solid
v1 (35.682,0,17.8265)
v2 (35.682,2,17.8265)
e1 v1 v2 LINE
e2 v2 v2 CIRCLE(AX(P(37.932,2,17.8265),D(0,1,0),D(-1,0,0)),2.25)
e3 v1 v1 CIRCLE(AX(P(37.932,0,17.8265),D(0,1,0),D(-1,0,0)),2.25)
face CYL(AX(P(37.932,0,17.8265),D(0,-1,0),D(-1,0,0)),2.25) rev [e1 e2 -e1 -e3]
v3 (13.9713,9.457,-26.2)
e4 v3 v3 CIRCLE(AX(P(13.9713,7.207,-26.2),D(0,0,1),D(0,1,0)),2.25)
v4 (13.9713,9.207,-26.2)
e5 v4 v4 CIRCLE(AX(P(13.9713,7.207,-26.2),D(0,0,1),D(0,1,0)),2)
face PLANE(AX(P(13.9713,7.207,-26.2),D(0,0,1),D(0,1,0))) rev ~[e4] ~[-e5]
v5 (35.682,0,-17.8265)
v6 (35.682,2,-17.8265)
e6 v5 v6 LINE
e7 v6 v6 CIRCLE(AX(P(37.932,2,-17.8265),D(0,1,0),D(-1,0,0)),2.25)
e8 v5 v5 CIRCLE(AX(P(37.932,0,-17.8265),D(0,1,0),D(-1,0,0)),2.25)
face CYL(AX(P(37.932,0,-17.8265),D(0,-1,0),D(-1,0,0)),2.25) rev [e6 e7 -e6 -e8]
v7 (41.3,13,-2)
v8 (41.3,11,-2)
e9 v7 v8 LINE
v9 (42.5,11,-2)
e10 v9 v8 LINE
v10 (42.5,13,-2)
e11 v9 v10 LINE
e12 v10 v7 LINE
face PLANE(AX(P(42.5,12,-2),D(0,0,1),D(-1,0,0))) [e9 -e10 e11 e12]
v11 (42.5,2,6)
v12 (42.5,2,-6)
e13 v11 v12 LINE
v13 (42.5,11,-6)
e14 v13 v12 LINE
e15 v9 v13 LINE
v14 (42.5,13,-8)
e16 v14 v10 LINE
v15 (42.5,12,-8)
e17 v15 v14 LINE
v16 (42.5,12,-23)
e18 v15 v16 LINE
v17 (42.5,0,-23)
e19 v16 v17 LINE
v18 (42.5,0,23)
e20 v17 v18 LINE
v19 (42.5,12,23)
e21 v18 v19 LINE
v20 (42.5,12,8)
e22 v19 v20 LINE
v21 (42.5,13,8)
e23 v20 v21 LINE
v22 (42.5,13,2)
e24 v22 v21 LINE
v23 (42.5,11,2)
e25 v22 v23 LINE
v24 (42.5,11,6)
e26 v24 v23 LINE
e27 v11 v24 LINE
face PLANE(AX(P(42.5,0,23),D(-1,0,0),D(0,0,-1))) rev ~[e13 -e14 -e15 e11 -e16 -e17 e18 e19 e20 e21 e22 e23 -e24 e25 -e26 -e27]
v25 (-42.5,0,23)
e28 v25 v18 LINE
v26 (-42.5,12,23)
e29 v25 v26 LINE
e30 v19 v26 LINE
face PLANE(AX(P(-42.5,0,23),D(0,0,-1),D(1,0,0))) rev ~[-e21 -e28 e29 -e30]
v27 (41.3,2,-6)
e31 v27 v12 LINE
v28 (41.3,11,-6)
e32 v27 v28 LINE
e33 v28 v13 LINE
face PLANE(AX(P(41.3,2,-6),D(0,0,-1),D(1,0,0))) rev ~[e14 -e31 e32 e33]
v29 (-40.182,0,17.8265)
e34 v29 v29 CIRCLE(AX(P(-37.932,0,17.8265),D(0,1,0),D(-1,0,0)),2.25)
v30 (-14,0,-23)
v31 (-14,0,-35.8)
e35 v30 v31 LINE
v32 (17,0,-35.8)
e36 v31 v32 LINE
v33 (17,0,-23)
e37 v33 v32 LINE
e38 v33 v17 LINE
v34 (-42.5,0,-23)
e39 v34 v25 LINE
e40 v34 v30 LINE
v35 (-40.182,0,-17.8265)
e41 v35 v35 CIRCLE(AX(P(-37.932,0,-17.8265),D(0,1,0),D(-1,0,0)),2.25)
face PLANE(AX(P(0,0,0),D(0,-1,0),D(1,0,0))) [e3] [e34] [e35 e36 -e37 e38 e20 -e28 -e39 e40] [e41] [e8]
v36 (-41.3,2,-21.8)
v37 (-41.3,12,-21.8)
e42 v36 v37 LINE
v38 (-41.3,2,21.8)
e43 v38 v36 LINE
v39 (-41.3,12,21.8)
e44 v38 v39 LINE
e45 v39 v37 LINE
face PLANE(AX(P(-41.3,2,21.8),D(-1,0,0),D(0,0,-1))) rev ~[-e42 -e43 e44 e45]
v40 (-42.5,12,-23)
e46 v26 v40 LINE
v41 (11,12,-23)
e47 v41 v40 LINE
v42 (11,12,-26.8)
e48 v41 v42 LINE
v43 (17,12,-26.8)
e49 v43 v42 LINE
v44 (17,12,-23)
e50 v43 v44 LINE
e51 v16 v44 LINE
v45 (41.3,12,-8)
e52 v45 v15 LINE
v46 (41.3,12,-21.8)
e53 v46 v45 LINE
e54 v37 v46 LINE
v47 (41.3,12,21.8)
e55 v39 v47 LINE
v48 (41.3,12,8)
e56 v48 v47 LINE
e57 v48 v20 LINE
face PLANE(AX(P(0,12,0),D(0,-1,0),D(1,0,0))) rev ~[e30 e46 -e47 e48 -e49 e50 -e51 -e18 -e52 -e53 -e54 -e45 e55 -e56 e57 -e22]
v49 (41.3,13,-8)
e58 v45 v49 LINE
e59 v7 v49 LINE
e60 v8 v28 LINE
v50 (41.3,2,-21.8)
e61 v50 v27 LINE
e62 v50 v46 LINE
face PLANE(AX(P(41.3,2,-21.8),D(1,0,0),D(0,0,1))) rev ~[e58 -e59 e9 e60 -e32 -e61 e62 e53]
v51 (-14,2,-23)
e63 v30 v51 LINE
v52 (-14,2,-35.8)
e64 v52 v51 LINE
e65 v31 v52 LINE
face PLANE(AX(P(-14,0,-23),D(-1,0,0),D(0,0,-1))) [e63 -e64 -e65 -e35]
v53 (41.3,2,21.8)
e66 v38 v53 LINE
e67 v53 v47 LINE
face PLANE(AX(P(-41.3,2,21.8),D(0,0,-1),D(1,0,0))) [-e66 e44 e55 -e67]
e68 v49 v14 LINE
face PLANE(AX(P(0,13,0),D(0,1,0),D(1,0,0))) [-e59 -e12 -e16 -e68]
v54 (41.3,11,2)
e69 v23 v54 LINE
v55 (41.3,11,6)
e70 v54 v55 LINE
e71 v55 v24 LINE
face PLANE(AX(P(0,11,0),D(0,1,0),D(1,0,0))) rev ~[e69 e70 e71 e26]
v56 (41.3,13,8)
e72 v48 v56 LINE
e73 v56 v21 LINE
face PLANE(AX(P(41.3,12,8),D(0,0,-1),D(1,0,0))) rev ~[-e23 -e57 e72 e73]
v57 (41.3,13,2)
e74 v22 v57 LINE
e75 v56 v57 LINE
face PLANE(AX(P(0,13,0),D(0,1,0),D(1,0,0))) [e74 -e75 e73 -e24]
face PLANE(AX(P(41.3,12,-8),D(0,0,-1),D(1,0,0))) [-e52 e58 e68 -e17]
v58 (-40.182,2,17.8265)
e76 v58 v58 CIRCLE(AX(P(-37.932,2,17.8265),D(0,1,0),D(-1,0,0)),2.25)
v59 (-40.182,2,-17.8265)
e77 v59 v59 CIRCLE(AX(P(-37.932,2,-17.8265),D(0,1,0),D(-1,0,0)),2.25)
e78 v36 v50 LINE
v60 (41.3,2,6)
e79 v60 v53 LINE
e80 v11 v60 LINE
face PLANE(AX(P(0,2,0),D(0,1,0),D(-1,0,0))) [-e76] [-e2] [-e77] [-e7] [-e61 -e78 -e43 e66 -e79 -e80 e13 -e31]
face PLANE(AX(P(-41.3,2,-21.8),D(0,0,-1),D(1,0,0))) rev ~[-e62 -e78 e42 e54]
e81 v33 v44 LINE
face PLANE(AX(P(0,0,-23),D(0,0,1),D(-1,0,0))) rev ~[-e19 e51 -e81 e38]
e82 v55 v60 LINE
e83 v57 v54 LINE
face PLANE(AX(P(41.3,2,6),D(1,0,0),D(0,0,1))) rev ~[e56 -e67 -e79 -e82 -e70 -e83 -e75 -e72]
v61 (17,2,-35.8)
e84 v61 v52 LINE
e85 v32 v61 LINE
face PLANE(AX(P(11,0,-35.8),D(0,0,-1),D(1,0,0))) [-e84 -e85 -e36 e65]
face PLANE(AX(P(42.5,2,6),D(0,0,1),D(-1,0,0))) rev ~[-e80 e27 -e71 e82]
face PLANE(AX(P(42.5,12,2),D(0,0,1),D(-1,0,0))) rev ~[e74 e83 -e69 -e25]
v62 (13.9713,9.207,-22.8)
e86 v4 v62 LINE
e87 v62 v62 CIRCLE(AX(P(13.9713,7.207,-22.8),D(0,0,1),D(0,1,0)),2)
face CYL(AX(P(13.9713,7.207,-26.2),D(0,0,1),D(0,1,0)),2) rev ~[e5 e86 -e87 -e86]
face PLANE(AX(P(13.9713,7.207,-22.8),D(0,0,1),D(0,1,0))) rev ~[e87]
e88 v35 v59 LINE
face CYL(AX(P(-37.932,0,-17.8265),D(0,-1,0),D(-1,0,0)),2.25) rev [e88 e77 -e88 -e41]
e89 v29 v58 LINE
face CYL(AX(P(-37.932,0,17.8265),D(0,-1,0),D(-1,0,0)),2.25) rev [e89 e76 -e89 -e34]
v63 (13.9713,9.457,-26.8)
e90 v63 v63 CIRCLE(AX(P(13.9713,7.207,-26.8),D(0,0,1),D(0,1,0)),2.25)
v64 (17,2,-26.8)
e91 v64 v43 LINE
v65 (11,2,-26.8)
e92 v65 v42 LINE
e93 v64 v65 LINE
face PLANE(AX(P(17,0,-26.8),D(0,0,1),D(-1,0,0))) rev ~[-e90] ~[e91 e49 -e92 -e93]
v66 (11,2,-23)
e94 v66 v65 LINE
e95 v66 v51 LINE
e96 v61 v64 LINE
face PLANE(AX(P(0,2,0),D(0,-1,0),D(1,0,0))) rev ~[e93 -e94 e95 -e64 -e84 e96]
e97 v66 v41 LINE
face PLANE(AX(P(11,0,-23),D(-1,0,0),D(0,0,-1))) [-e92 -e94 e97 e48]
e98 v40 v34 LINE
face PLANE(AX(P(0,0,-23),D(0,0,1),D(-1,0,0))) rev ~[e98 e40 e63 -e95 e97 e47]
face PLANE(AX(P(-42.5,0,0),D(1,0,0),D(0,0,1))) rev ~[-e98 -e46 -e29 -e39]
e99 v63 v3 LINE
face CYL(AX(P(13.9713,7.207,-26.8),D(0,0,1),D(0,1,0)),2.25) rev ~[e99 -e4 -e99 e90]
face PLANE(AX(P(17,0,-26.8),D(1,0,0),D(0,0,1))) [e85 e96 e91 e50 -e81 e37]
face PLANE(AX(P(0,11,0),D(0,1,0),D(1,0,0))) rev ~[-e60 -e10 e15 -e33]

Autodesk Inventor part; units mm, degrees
ref_plane "YZ Plane" through (0, 0, 0) normal (1, 0, 0) x (0, 1, 0)
ref_plane "XZ Plane" through (0, 0, 0) normal (0, 1, 0) x (-1, 0, 0)
ref_plane "XY Plane" through (0, 0, 0) normal (0, 0, 1) x (1, 0, 0)
sketch "Szkic2" plane through (0, 0, 0) normal (0, 1, 0) x (-1, 0, 0)
  line L0 (42.5, 23) -> (-42.5, 23)
  line L1 (-42.5, 23) -> (-42.5, -23)
  line L2 (-42.5, -23) -> (42.5, -23)
  line L3 (42.5, -23) -> (42.5, 23)
  line L4 (0, 91.0722) -> (0, -100.1143)
  line L5 (-78.4738, 0) -> (170.7955, 0)
  circle A0 centre (37.932, 17.8265) radius 2.25
  circle A1 centre (37.932, -17.8265) radius 2.25
  circle A2 centre (-37.932, 17.8265) radius 2.25
  circle A3 centre (-37.932, -17.8265) radius 2.25
  point P0 (0, 0)
  dimension "d7" = 46
  dimension "d8" = 85
  dimension "d14" = 4.5
  dimension "d16" = 35.653
  dimension "d18" = 23
  dimension "d21" = 75.864
  dimension "d22" = 42.5
extrude "Wyciągnięcie proste2" add sketch "Szkic2" along normal blind 2
sketch "Szkic3" plane through (0, 2, 0) normal (0, 1, 0) x (1, 0, 0)
  line L0 (-42.5, -23) -> (42.5, -23) projected
  line L1 (42.5, -23) -> (42.5, 23) projected
  line L2 (41.3, -23) -> (42.5, -23)
  line L3 (42.5, -23) -> (42.5, 23)
  line L4 (42.5, 23) -> (41.3, 23)
  line L5 (41.3, 23) -> (41.3, -23)
  line L6 (-42.5, 23) -> (-42.5, -23) projected
  line L7 (42.5, -23) -> (-42.5, -23)
  line L8 (-42.5, -23) -> (-42.5, -21.8)
  line L9 (-42.5, -21.8) -> (42.5, -21.8)
  line L10 (42.5, -21.8) -> (42.5, -23)
  line L11 (42.5, 23) -> (-42.5, 23)
  line L12 (-42.5, 23) -> (-42.5, 21.8)
  line L13 (-42.5, 21.8) -> (42.5, 21.8)
  line L14 (42.5, 21.8) -> (42.5, 23)
  line L15 (42.5, 23) -> (-42.5, 23) projected
  line L16 (-42.5, -23) -> (-41.3, -23)
  line L17 (-41.3, -23) -> (-41.3, 23)
  line L18 (-41.3, 23) -> (-42.5, 23)
  line L19 (-42.5, 23) -> (-42.5, -23)
  line L20 (42.5, -6) -> (41.3, -6)
  line L21 (41.3, -6) -> (41.3, 6)
  line L22 (41.3, 6) -> (42.5, 6)
  line L23 (36.3786, 0) -> (45.7918, 0)
  point P0 (0, 0)
  point P1 (41.3, -21.8)
  point P2 (-41.3, -21.8)
  point P3 (-41.3, 21.8)
  point P4 (41.3, 21.8)
  dimension "d25" = 1.2
  dimension "d26" = 1.2
  dimension "d27" = 1.2
  dimension "d28" = 1.2
  dimension "d29" = 12
  dimension "d30" = 6
extrude "Wyciągnięcie proste3" add sketch "Szkic3" along normal blind 10 contours L6 L9 L17 L0 | L17 L9 L5 L0 | L6 L13 L17 L9 | L5 L9 L1 L0 | L6 L11 L17 L13 | L5 L20 L1 L9 | L17 L11 L5 L13 | L13 L1 L22 L5 | L5 L4 L1 L13
sketch "Szkic5" plane through (0, 12, 0) normal (0, 1, 0) x (1, 0, 0)
  line L0 (41.3, -6) -> (41.3, -21.8) projected
  line L1 (42.5, -6) -> (42.5, 6) projected
  line L2 (41.3, -8) -> (42.5, -8)
  line L3 (42.5, -8) -> (42.5, -2)
  line L4 (42.5, -2) -> (41.3, -2)
  line L5 (41.3, -2) -> (41.3, -8)
  line L6 (34.6755, 0) -> (49.4443, 0)
  line L7 (40.0187, -6) -> (43.7777, -6)
  line L8 (41.3, 8) -> (42.5, 8)
  line L9 (42.5, 8) -> (42.5, 2)
  line L10 (42.5, 2) -> (41.3, 2)
  line L11 (41.3, 2) -> (41.3, 8)
  line L12 (40.0187, 6) -> (43.7777, 6)
  point P0 (0, 0)
  point P1 (41.3, 6)
  dimension "d33" = 6
  dimension "d34" = 2
extrude "Wyciągnięcie proste4" add sketch "Szkic5" along normal blind 1 contours L7 L3 L2 L0 | L12 L11 L8 L9
extrude "Wyciągnięcie proste5" add sketch "Szkic5" along normal mid plane 2 contours L10 L11 L12 L1 | L5 L4 L1 L7
sketch "Szkic6" plane through (42.5, 0, -23) normal (0, 0, -1) x (-1, 0, 0)
  line L0 (83.8, 12) -> (1.2, 12) projected
  line L1 (26, 12) -> (26, 0)
  line L2 (31.5, 12) -> (31.5, 0)
  line L3 (53.5, 12) -> (53.5, 0)
  line L4 (0, 0) -> (85, 0) projected
  line L5 (56.5, 12) -> (56.5, 0)
  line L6 (0, 0) -> (0, 12) projected
  circle A0 centre (28.6456, 7.207) radius 1.5875
  line L7 (1.2, 2) -> (83.8, 2) projected
  line L8 (26, 2) -> (56.5, 2)
  point P0 (42.5, 0)
  dimension "d39" = 5.5
  dimension "d40" = 22
  dimension "d41" = 3
  dimension "d42" = 31.5
  dimension "d43" = 3.175
  dimension "d55" = 5.207
sketch "Szkic8" plane through (0, 0, 0) normal (0, -1, 0) x (1, 0, 0)
  line L0 (42.5, -23) -> (-42.5, -23) projected
  line L1 (20.6822, -23) -> (-15.9857, -23)
  line L2 (-15.9857, -23) -> (-15.9857, -42.1071)
  line L3 (-15.9857, -42.1071) -> (20.6822, -42.1071)
  line L4 (20.6822, -42.1071) -> (20.6822, -23)
  line L5 (17, -23) -> (11, -23)
  line L6 (11, -23) -> (11, -35.8)
  line L7 (11, -35.8) -> (17, -35.8)
  line L8 (17, -35.8) -> (17, -23)
  line L9 (11, -23) -> (-11, -23)
  line L10 (-11, -23) -> (-11, -35.8)
  line L11 (-11, -35.8) -> (11, -35.8)
  line L12 (11, -35.8) -> (11, -23)
  line L13 (-11, -23) -> (-14, -23)
  line L14 (-14, -23) -> (-14, -35.8)
  line L15 (-14, -35.8) -> (-11, -35.8)
  line L16 (-11, -35.8) -> (-11, -23)
  line L17 (17, -26.8) -> (-14, -26.8)
  point P0 (0, 0)
  point P1 (11, -26.8)
  point P2 (-14, -23)
  point P3 (17, -23)
  dimension "d45" = 6
  dimension "d46" = 22
  dimension "d47" = 3
  dimension "d48" = 31.5
  dimension "d49" = 3.8
  dimension "d50" = 9
extrude "Wyciągnięcie proste6" add sketch "Szkic8" against normal blind 2 contours L6 L17 L10 L0 | L8 L7 L6 L17 | L10 L17 L14 L0 | L6 L11 L10 L17 | L10 L15 L14 L17
extrude "Wyciągnięcie proste7" add sketch "Szkic8" against normal blind 12 contours L8 L17 L6 L0
sketch "Szkic9" plane through (17, 2, -26.8) normal (0, 0, -1) x (-1, 0, 0)
  circle A0 centre (3.0287, 5.207) radius 1.4322
  line L0 (0, 0) -> (31, 0) projected
  point P0 (17, -2)
  dimension "d63" = 5.207
hole "Otwór2" at (13.9713, 7.207, -26.8) direction (0, 0, 1) diameter 4 depth 4 counterbore diameter 4.5 counterbore depth 0.6
properties part number "prent1"
